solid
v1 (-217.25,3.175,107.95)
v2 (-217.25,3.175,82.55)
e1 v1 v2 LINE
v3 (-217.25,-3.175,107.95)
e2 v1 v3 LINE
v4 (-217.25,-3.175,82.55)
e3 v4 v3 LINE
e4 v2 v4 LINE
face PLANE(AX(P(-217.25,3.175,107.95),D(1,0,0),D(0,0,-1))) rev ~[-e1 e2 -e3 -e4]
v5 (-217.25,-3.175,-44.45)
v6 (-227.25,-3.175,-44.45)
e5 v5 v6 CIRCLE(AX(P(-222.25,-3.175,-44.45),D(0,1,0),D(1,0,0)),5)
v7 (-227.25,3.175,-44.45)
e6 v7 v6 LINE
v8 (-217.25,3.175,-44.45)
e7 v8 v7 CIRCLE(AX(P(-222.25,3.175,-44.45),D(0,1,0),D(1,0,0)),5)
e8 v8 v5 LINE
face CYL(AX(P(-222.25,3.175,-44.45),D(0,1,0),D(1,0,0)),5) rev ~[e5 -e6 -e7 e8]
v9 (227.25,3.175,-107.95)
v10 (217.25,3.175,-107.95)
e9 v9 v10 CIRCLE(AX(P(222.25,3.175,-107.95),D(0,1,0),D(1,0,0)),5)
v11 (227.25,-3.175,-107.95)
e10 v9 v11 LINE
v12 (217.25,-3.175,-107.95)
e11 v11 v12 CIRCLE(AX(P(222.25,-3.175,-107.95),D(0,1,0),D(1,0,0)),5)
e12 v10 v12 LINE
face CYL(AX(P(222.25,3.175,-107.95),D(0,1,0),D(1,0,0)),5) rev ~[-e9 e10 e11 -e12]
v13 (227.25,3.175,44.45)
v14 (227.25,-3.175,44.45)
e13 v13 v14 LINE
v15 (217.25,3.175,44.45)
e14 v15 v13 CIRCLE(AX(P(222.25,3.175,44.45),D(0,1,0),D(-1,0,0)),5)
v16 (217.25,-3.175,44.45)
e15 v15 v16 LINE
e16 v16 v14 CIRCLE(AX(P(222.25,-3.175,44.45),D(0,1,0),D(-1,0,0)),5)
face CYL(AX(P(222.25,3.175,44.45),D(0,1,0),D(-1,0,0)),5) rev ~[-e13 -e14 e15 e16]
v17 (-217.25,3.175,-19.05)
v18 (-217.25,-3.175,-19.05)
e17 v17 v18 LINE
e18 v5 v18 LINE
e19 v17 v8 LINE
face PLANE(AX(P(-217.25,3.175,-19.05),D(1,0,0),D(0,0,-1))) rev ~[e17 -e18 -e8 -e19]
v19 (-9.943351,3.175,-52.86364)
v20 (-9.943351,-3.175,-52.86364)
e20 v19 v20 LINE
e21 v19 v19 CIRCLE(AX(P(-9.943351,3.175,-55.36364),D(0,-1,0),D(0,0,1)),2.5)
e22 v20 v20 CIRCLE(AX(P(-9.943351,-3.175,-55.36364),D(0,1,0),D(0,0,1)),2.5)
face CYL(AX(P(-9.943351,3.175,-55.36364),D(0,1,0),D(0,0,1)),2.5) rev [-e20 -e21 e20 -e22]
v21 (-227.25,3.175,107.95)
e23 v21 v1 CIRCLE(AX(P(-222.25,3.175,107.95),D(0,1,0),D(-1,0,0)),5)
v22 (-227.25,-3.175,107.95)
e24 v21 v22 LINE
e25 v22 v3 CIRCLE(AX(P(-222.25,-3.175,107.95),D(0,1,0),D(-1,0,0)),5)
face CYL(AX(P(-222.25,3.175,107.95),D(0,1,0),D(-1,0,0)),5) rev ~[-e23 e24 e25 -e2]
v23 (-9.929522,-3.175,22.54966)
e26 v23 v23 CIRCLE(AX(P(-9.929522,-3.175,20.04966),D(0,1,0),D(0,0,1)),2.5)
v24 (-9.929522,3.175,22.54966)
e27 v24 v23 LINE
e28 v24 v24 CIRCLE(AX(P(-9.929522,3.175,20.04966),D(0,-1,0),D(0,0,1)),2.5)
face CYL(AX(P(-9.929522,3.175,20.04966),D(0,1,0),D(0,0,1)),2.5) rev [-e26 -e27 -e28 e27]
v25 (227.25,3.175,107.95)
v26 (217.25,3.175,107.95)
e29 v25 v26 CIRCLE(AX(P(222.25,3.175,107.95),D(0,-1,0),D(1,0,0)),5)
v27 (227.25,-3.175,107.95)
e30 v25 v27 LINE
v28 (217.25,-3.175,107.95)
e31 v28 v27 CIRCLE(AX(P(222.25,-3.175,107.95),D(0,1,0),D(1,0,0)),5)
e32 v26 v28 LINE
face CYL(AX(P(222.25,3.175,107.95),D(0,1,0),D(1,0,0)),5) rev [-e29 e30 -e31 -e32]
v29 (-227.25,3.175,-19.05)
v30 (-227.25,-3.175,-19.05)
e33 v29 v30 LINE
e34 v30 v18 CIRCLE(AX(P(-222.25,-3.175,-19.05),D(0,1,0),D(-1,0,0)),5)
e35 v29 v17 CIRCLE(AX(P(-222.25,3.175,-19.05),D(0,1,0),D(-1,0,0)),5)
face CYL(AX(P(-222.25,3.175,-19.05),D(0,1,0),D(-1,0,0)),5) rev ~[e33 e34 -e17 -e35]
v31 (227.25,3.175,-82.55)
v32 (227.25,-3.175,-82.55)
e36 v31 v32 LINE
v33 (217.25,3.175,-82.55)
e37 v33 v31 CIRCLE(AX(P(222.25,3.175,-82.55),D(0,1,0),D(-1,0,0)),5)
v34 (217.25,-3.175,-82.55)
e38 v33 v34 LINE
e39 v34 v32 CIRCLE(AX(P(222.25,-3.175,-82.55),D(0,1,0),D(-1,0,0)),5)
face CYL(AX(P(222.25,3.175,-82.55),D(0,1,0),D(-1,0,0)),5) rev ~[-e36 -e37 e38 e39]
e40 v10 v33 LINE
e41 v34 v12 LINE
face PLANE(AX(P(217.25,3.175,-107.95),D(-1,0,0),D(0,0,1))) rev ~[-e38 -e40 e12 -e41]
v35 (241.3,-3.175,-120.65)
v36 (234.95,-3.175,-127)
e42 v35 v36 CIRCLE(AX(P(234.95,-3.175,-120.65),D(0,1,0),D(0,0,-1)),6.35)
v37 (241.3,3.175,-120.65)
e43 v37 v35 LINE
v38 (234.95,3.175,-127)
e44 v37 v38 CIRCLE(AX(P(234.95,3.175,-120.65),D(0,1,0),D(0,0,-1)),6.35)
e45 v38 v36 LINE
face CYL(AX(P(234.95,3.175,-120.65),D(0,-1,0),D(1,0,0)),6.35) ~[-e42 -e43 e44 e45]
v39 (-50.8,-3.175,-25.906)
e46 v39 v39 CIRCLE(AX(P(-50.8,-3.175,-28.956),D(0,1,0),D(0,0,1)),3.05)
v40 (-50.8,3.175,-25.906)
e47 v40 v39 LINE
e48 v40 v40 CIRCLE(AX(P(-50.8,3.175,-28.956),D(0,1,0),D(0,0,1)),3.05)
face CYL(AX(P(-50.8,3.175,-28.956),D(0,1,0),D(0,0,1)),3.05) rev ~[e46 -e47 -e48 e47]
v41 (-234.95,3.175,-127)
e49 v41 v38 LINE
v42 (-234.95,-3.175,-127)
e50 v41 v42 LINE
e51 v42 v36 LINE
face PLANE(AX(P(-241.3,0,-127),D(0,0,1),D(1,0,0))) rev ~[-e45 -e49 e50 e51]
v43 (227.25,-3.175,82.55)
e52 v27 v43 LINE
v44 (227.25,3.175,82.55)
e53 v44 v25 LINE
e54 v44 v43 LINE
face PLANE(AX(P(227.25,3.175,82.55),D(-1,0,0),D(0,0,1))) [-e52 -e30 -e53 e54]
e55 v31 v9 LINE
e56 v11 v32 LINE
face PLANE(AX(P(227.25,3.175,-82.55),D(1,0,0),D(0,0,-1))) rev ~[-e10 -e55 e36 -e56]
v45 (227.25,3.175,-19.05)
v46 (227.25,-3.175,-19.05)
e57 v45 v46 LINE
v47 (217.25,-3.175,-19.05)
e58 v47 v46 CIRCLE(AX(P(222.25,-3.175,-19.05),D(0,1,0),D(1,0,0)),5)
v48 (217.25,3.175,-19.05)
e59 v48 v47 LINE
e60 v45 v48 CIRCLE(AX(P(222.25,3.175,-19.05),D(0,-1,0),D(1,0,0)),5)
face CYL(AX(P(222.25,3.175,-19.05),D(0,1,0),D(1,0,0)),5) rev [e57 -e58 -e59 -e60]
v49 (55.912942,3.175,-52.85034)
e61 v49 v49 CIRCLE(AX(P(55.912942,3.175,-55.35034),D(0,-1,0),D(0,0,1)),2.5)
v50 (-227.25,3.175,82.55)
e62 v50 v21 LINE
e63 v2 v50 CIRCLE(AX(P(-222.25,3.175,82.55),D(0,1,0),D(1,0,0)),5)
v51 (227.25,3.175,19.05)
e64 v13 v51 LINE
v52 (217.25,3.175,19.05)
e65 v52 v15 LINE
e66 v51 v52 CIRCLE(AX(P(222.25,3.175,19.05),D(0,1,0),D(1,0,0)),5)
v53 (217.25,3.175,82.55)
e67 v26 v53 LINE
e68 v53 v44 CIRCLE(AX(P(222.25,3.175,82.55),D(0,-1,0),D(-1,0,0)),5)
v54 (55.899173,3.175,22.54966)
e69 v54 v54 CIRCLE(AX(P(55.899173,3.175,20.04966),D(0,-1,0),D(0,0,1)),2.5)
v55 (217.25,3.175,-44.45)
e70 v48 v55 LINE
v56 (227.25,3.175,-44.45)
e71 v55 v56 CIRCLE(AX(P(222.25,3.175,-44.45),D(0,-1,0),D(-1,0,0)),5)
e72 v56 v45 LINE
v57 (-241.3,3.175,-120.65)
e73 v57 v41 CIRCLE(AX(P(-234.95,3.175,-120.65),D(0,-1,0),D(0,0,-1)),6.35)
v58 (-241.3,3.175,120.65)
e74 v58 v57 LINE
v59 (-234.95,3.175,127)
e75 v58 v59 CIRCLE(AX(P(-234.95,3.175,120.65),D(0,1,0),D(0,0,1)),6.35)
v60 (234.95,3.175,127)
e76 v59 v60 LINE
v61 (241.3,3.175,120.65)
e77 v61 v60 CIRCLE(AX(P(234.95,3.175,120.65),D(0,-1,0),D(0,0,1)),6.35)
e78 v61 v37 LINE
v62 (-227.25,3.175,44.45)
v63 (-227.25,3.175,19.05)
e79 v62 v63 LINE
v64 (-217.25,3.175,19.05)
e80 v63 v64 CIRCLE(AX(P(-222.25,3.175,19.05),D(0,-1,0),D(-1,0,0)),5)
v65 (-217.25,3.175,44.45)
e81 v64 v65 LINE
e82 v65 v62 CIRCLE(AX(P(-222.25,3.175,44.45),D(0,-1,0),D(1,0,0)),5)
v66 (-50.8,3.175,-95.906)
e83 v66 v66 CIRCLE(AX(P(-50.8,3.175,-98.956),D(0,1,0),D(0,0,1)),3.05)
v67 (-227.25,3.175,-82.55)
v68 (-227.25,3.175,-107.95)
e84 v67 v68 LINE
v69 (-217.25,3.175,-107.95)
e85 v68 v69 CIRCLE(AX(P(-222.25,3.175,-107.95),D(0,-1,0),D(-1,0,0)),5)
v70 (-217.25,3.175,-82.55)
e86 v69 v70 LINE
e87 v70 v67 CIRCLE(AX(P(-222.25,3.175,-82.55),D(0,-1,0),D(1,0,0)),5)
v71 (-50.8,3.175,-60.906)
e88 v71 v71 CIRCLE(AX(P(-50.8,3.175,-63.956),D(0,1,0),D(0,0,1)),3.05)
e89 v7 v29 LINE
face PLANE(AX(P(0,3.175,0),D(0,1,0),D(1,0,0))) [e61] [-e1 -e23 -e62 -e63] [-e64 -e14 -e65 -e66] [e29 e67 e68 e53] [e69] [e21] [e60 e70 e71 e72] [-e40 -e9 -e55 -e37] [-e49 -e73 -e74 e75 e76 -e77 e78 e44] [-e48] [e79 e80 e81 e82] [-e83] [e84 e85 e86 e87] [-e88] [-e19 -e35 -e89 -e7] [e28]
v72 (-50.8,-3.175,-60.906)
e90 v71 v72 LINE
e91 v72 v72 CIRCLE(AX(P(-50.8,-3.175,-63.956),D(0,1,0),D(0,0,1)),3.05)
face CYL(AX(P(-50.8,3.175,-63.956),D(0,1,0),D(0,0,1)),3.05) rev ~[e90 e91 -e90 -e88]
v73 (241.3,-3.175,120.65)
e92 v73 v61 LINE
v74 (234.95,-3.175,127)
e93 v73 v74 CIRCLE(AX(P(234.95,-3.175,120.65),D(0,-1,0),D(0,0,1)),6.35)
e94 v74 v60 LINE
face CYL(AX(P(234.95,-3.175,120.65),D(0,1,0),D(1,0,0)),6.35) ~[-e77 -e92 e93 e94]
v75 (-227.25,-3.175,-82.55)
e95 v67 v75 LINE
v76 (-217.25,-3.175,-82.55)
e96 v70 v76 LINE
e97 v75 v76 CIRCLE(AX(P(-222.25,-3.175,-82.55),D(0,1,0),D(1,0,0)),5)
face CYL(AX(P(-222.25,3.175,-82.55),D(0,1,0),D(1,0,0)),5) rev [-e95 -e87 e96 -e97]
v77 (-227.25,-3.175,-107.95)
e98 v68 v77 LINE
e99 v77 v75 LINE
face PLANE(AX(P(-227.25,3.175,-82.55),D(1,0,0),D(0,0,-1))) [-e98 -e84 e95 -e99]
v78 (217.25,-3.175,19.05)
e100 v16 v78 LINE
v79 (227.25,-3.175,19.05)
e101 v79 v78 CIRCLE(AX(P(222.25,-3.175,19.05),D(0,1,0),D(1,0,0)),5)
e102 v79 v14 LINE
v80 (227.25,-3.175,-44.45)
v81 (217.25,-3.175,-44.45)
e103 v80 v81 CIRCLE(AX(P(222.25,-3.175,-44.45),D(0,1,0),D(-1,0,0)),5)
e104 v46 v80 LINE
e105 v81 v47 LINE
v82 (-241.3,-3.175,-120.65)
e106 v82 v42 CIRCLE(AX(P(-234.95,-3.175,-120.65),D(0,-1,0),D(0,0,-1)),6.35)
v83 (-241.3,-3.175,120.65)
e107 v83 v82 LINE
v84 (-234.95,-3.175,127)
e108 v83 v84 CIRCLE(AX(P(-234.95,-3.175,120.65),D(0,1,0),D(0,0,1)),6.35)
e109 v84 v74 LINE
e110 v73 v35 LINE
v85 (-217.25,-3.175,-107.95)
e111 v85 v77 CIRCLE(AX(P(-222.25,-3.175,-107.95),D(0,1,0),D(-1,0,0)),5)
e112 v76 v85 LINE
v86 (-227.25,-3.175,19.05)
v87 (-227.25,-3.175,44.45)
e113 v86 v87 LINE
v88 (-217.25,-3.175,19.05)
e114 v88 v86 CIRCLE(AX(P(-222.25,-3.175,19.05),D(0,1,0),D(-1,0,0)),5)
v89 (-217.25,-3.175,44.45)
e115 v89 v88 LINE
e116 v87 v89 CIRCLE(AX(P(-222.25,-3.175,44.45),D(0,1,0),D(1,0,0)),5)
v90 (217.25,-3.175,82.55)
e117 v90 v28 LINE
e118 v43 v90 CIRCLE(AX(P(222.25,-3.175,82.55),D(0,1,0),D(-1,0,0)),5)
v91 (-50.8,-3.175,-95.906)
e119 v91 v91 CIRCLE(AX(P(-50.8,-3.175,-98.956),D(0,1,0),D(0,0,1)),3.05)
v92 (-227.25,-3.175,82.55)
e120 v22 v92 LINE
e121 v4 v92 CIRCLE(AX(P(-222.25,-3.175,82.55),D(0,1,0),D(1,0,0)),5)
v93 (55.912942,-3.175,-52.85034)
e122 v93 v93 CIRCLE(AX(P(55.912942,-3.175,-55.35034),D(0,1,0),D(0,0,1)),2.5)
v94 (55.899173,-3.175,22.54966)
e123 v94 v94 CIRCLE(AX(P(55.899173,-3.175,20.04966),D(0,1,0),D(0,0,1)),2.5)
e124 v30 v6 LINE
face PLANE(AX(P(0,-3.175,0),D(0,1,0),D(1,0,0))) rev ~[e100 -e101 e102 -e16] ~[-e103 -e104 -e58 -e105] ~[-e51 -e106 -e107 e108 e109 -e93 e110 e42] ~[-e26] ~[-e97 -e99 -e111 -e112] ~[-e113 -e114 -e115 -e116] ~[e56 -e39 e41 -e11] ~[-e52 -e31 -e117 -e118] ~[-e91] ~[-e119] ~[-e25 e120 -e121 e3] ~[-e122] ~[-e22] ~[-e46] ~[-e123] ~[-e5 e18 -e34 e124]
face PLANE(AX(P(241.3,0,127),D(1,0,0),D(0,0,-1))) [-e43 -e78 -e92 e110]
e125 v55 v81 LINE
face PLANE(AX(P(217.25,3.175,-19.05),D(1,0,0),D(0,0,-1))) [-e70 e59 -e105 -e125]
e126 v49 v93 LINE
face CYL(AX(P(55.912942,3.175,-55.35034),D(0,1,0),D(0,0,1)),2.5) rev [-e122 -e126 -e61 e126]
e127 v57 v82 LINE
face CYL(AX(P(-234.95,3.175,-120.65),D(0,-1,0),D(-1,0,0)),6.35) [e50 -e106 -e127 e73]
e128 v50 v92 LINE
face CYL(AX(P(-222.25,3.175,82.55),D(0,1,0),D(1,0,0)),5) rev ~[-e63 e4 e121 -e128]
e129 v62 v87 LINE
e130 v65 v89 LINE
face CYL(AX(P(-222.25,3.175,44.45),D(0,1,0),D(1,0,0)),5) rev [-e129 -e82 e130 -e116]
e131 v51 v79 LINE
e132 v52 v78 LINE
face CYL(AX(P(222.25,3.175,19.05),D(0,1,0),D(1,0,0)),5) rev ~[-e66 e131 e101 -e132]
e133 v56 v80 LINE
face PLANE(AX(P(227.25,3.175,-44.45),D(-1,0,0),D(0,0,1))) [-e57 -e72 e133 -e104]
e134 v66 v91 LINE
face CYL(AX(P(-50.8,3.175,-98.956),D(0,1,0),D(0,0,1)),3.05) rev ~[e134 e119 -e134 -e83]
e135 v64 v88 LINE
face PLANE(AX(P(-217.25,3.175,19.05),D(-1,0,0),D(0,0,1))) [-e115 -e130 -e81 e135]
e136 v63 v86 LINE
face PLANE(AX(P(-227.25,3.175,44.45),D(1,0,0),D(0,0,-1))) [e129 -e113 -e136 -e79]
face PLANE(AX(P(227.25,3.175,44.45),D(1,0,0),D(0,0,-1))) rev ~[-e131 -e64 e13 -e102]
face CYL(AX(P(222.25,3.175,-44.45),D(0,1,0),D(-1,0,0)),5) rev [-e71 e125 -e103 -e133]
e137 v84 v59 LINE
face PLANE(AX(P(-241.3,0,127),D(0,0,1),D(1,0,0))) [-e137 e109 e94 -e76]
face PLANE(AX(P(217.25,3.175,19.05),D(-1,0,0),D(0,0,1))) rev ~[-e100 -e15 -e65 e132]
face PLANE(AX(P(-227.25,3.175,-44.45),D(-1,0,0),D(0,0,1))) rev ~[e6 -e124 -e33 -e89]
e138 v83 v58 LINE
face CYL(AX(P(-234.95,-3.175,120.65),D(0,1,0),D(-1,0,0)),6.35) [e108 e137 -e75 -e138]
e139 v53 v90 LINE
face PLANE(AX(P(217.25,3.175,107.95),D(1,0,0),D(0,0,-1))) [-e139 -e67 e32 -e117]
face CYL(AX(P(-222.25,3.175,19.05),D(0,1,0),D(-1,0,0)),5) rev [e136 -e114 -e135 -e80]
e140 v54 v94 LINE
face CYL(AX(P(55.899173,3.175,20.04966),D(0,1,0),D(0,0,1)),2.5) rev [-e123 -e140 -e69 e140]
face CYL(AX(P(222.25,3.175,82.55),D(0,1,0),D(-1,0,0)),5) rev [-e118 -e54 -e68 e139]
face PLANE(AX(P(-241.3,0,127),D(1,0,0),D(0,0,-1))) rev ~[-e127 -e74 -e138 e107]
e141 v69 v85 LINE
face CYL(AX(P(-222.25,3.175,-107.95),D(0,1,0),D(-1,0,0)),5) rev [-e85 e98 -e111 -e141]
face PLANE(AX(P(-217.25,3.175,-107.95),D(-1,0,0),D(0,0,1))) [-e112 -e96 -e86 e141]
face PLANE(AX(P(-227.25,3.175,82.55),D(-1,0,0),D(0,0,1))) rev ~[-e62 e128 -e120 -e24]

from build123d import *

# Parameters (mm, degrees)
SKETCH1_W           = 482.6
SKETCH1_H           = 254
BOSS_EXTRUDE1_DEPTH = 3.175
FILLET1_R           = 6.35
CUT_EXTRUDE1_REACH  = 274.754
SKETCH3_R           = 3.05
CUT_EXTRUDE2_DEPTH  = 273.754491255
SKETCH4_R           = 2.5
CUT_EXTRUDE3_DEPTH  = 10


with BuildPart() as part:
    # Sketch1 → Boss-Extrude1 (new, symmetric)
    with BuildSketch(Plane(origin=(0, 0, 0), x_dir=(1, 0, 0), z_dir=(0, 1, 0))):
        Rectangle(SKETCH1_W, SKETCH1_H)
    extrude(amount=BOSS_EXTRUDE1_DEPTH, both=True)

    # Fillet1
    fillet1_edges = [part.edges().sort_by_distance(p)[0] for p in [
        (241.3, 0, 127),
        (-241.3, 0, 127),
        (-241.3, 0, -127),
        (241.3, 0, -127),
    ]]
    fillet(fillet1_edges, radius=FILLET1_R)

    # Sketch2 → Cut-Extrude1 (cut, up to next)
    with BuildSketch(Plane(origin=(0, 3.175, 0), x_dir=(1, 0, 0), z_dir=(0, 1, 0)), mode=Mode.PRIVATE) as cut_extrude1_sk1:
        with BuildLine():
            Line((227.25, -82.55), (227.25, -107.95))
            ThreePointArc((227.25, -107.95), (222.25, -112.95), (217.25, -107.95))
            Line((217.25, -107.95), (217.25, -82.55))
            ThreePointArc((217.25, -82.55), (222.25, -77.55), (227.25, -82.55))
        make_face()
    cut_extrude1_tool1 = extrude(cut_extrude1_sk1.sketch, amount=-CUT_EXTRUDE1_REACH, mode=Mode.PRIVATE) & part.part
    # Sketch2 → Cut-Extrude1 (cut, up to next)
    with BuildSketch(Plane(origin=(0, 3.175, 0), x_dir=(1, 0, 0), z_dir=(0, 1, 0)), mode=Mode.PRIVATE) as cut_extrude1_sk2:
        with BuildLine():
            Line((227.25, -44.45), (227.25, -19.05))
            ThreePointArc((227.25, -19.05), (222.25, -14.05), (217.25, -19.05))
            Line((217.25, -19.05), (217.25, -44.45))
            ThreePointArc((217.25, -44.45), (222.25, -49.45), (227.25, -44.45))
        make_face()
    cut_extrude1_tool2 = extrude(cut_extrude1_sk2.sketch, amount=-CUT_EXTRUDE1_REACH, mode=Mode.PRIVATE) & part.part
    # Sketch2 → Cut-Extrude1 (cut, up to next)
    with BuildSketch(Plane(origin=(0, 3.175, 0), x_dir=(1, 0, 0), z_dir=(0, 1, 0)), mode=Mode.PRIVATE) as cut_extrude1_sk3:
        with BuildLine():
            Line((227.25, 44.45), (227.25, 19.05))
            ThreePointArc((227.25, 19.05), (222.25, 14.05), (217.25, 19.05))
            Line((217.25, 19.05), (217.25, 44.45))
            ThreePointArc((217.25, 44.45), (222.25, 49.45), (227.25, 44.45))
        make_face()
    cut_extrude1_tool3 = extrude(cut_extrude1_sk3.sketch, amount=-CUT_EXTRUDE1_REACH, mode=Mode.PRIVATE) & part.part
    # Sketch2 → Cut-Extrude1 (cut, up to next)
    with BuildSketch(Plane(origin=(0, 3.175, 0), x_dir=(1, 0, 0), z_dir=(0, 1, 0)), mode=Mode.PRIVATE) as cut_extrude1_sk4:
        with BuildLine():
            Line((227.25, 82.55), (227.25, 107.95))
            ThreePointArc((227.25, 107.95), (222.25, 112.95), (217.25, 107.95))
            Line((217.25, 107.95), (217.25, 82.55))
            ThreePointArc((217.25, 82.55), (222.25, 77.55), (227.25, 82.55))
        make_face()
    cut_extrude1_tool4 = extrude(cut_extrude1_sk4.sketch, amount=-CUT_EXTRUDE1_REACH, mode=Mode.PRIVATE) & part.part
    # Sketch2 → Cut-Extrude1 (cut, up to next)
    with BuildSketch(Plane(origin=(0, 3.175, 0), x_dir=(1, 0, 0), z_dir=(0, 1, 0)), mode=Mode.PRIVATE) as cut_extrude1_sk5:
        with BuildLine():
            Line((-227.25, 82.55), (-227.25, 107.95))
            ThreePointArc((-227.25, 107.95), (-222.25, 112.95), (-217.25, 107.95))
            Line((-217.25, 107.95), (-217.25, 82.55))
            ThreePointArc((-217.25, 82.55), (-222.25, 77.55), (-227.25, 82.55))
        make_face()
    cut_extrude1_tool5 = extrude(cut_extrude1_sk5.sketch, amount=-CUT_EXTRUDE1_REACH, mode=Mode.PRIVATE) & part.part
    # Sketch2 → Cut-Extrude1 (cut, up to next)
    with BuildSketch(Plane(origin=(0, 3.175, 0), x_dir=(1, 0, 0), z_dir=(0, 1, 0)), mode=Mode.PRIVATE) as cut_extrude1_sk6:
        with BuildLine():
            Line((-227.25, 44.45), (-227.25, 19.05))
            ThreePointArc((-227.25, 19.05), (-222.25, 14.05), (-217.25, 19.05))
            Line((-217.25, 19.05), (-217.25, 44.45))
            ThreePointArc((-217.25, 44.45), (-222.25, 49.45), (-227.25, 44.45))
        make_face()
    cut_extrude1_tool6 = extrude(cut_extrude1_sk6.sketch, amount=-CUT_EXTRUDE1_REACH, mode=Mode.PRIVATE) & part.part
    # Sketch2 → Cut-Extrude1 (cut, up to next)
    with BuildSketch(Plane(origin=(0, 3.175, 0), x_dir=(1, 0, 0), z_dir=(0, 1, 0)), mode=Mode.PRIVATE) as cut_extrude1_sk7:
        with BuildLine():
            Line((-227.25, -44.45), (-227.25, -19.05))
            ThreePointArc((-227.25, -19.05), (-222.25, -14.05), (-217.25, -19.05))
            Line((-217.25, -19.05), (-217.25, -44.45))
            ThreePointArc((-217.25, -44.45), (-222.25, -49.45), (-227.25, -44.45))
        make_face()
    cut_extrude1_tool7 = extrude(cut_extrude1_sk7.sketch, amount=-CUT_EXTRUDE1_REACH, mode=Mode.PRIVATE) & part.part
    # Sketch2 → Cut-Extrude1 (cut, up to next)
    with BuildSketch(Plane(origin=(0, 3.175, 0), x_dir=(1, 0, 0), z_dir=(0, 1, 0)), mode=Mode.PRIVATE) as cut_extrude1_sk8:
        with BuildLine():
            Line((-227.25, -82.55), (-227.25, -107.95))
            ThreePointArc((-227.25, -107.95), (-222.25, -112.95), (-217.25, -107.95))
            Line((-217.25, -107.95), (-217.25, -82.55))
            ThreePointArc((-217.25, -82.55), (-222.25, -77.55), (-227.25, -82.55))
        make_face()
    cut_extrude1_tool8 = extrude(cut_extrude1_sk8.sketch, amount=-CUT_EXTRUDE1_REACH, mode=Mode.PRIVATE) & part.part
    add(cut_extrude1_tool1.solids().sort_by_distance((222.25, 3.175, 95.25))[0], mode=Mode.SUBTRACT)
    add(cut_extrude1_tool2.solids().sort_by_distance((222.25, 3.175, 31.75))[0], mode=Mode.SUBTRACT)
    add(cut_extrude1_tool3.solids().sort_by_distance((222.25, 3.175, -31.75))[0], mode=Mode.SUBTRACT)
    add(cut_extrude1_tool4.solids().sort_by_distance((222.25, 3.175, -95.25))[0], mode=Mode.SUBTRACT)
    add(cut_extrude1_tool5.solids().sort_by_distance((-222.25, 3.175, -95.25))[0], mode=Mode.SUBTRACT)
    add(cut_extrude1_tool6.solids().sort_by_distance((-222.25, 3.175, -31.75))[0], mode=Mode.SUBTRACT)
    add(cut_extrude1_tool7.solids().sort_by_distance((-222.25, 3.175, 31.75))[0], mode=Mode.SUBTRACT)
    add(cut_extrude1_tool8.solids().sort_by_distance((-222.25, 3.175, 95.25))[0], mode=Mode.SUBTRACT)

    # Sketch3 → Cut-Extrude2 (cut, through all)
    with BuildSketch(Plane(origin=(0, 3.175, 0), x_dir=(1, 0, 0), z_dir=(0, 1, 0))):
        with Locations(Location((-50.8, 98.955999998, 0), (0, 0, 270))):
            Circle(SKETCH3_R)
        with Locations(Location((-50.8, 63.955999998, 0), (0, 0, 270))):
            Circle(SKETCH3_R)
        with Locations(Location((-50.8, 28.955999998, 0), (0, 0, 270))):
            Circle(SKETCH3_R)
    extrude(amount=-CUT_EXTRUDE2_DEPTH, mode=Mode.SUBTRACT)

    # Sketch4 → Cut-Extrude3 (cut)
    with BuildSketch(Plane.XZ.offset(-3.175)):
        with Locations(Location((55.899172715, 20.049660002, 0), (0, 0, 90))):
            Circle(SKETCH4_R)
        with Locations(Location((-9.929521758, 20.049660002, 0), (0, 0, 90))):
            Circle(SKETCH4_R)
        with Locations(Location((55.912941777, -55.350339998, 0), (0, 0, 90))):
            Circle(SKETCH4_R)
        with Locations(Location((-9.943351442, -55.363639998, 0), (0, 0, 90))):
            Circle(SKETCH4_R)
    extrude(amount=CUT_EXTRUDE3_DEPTH, mode=Mode.SUBTRACT)


solid = part.part
